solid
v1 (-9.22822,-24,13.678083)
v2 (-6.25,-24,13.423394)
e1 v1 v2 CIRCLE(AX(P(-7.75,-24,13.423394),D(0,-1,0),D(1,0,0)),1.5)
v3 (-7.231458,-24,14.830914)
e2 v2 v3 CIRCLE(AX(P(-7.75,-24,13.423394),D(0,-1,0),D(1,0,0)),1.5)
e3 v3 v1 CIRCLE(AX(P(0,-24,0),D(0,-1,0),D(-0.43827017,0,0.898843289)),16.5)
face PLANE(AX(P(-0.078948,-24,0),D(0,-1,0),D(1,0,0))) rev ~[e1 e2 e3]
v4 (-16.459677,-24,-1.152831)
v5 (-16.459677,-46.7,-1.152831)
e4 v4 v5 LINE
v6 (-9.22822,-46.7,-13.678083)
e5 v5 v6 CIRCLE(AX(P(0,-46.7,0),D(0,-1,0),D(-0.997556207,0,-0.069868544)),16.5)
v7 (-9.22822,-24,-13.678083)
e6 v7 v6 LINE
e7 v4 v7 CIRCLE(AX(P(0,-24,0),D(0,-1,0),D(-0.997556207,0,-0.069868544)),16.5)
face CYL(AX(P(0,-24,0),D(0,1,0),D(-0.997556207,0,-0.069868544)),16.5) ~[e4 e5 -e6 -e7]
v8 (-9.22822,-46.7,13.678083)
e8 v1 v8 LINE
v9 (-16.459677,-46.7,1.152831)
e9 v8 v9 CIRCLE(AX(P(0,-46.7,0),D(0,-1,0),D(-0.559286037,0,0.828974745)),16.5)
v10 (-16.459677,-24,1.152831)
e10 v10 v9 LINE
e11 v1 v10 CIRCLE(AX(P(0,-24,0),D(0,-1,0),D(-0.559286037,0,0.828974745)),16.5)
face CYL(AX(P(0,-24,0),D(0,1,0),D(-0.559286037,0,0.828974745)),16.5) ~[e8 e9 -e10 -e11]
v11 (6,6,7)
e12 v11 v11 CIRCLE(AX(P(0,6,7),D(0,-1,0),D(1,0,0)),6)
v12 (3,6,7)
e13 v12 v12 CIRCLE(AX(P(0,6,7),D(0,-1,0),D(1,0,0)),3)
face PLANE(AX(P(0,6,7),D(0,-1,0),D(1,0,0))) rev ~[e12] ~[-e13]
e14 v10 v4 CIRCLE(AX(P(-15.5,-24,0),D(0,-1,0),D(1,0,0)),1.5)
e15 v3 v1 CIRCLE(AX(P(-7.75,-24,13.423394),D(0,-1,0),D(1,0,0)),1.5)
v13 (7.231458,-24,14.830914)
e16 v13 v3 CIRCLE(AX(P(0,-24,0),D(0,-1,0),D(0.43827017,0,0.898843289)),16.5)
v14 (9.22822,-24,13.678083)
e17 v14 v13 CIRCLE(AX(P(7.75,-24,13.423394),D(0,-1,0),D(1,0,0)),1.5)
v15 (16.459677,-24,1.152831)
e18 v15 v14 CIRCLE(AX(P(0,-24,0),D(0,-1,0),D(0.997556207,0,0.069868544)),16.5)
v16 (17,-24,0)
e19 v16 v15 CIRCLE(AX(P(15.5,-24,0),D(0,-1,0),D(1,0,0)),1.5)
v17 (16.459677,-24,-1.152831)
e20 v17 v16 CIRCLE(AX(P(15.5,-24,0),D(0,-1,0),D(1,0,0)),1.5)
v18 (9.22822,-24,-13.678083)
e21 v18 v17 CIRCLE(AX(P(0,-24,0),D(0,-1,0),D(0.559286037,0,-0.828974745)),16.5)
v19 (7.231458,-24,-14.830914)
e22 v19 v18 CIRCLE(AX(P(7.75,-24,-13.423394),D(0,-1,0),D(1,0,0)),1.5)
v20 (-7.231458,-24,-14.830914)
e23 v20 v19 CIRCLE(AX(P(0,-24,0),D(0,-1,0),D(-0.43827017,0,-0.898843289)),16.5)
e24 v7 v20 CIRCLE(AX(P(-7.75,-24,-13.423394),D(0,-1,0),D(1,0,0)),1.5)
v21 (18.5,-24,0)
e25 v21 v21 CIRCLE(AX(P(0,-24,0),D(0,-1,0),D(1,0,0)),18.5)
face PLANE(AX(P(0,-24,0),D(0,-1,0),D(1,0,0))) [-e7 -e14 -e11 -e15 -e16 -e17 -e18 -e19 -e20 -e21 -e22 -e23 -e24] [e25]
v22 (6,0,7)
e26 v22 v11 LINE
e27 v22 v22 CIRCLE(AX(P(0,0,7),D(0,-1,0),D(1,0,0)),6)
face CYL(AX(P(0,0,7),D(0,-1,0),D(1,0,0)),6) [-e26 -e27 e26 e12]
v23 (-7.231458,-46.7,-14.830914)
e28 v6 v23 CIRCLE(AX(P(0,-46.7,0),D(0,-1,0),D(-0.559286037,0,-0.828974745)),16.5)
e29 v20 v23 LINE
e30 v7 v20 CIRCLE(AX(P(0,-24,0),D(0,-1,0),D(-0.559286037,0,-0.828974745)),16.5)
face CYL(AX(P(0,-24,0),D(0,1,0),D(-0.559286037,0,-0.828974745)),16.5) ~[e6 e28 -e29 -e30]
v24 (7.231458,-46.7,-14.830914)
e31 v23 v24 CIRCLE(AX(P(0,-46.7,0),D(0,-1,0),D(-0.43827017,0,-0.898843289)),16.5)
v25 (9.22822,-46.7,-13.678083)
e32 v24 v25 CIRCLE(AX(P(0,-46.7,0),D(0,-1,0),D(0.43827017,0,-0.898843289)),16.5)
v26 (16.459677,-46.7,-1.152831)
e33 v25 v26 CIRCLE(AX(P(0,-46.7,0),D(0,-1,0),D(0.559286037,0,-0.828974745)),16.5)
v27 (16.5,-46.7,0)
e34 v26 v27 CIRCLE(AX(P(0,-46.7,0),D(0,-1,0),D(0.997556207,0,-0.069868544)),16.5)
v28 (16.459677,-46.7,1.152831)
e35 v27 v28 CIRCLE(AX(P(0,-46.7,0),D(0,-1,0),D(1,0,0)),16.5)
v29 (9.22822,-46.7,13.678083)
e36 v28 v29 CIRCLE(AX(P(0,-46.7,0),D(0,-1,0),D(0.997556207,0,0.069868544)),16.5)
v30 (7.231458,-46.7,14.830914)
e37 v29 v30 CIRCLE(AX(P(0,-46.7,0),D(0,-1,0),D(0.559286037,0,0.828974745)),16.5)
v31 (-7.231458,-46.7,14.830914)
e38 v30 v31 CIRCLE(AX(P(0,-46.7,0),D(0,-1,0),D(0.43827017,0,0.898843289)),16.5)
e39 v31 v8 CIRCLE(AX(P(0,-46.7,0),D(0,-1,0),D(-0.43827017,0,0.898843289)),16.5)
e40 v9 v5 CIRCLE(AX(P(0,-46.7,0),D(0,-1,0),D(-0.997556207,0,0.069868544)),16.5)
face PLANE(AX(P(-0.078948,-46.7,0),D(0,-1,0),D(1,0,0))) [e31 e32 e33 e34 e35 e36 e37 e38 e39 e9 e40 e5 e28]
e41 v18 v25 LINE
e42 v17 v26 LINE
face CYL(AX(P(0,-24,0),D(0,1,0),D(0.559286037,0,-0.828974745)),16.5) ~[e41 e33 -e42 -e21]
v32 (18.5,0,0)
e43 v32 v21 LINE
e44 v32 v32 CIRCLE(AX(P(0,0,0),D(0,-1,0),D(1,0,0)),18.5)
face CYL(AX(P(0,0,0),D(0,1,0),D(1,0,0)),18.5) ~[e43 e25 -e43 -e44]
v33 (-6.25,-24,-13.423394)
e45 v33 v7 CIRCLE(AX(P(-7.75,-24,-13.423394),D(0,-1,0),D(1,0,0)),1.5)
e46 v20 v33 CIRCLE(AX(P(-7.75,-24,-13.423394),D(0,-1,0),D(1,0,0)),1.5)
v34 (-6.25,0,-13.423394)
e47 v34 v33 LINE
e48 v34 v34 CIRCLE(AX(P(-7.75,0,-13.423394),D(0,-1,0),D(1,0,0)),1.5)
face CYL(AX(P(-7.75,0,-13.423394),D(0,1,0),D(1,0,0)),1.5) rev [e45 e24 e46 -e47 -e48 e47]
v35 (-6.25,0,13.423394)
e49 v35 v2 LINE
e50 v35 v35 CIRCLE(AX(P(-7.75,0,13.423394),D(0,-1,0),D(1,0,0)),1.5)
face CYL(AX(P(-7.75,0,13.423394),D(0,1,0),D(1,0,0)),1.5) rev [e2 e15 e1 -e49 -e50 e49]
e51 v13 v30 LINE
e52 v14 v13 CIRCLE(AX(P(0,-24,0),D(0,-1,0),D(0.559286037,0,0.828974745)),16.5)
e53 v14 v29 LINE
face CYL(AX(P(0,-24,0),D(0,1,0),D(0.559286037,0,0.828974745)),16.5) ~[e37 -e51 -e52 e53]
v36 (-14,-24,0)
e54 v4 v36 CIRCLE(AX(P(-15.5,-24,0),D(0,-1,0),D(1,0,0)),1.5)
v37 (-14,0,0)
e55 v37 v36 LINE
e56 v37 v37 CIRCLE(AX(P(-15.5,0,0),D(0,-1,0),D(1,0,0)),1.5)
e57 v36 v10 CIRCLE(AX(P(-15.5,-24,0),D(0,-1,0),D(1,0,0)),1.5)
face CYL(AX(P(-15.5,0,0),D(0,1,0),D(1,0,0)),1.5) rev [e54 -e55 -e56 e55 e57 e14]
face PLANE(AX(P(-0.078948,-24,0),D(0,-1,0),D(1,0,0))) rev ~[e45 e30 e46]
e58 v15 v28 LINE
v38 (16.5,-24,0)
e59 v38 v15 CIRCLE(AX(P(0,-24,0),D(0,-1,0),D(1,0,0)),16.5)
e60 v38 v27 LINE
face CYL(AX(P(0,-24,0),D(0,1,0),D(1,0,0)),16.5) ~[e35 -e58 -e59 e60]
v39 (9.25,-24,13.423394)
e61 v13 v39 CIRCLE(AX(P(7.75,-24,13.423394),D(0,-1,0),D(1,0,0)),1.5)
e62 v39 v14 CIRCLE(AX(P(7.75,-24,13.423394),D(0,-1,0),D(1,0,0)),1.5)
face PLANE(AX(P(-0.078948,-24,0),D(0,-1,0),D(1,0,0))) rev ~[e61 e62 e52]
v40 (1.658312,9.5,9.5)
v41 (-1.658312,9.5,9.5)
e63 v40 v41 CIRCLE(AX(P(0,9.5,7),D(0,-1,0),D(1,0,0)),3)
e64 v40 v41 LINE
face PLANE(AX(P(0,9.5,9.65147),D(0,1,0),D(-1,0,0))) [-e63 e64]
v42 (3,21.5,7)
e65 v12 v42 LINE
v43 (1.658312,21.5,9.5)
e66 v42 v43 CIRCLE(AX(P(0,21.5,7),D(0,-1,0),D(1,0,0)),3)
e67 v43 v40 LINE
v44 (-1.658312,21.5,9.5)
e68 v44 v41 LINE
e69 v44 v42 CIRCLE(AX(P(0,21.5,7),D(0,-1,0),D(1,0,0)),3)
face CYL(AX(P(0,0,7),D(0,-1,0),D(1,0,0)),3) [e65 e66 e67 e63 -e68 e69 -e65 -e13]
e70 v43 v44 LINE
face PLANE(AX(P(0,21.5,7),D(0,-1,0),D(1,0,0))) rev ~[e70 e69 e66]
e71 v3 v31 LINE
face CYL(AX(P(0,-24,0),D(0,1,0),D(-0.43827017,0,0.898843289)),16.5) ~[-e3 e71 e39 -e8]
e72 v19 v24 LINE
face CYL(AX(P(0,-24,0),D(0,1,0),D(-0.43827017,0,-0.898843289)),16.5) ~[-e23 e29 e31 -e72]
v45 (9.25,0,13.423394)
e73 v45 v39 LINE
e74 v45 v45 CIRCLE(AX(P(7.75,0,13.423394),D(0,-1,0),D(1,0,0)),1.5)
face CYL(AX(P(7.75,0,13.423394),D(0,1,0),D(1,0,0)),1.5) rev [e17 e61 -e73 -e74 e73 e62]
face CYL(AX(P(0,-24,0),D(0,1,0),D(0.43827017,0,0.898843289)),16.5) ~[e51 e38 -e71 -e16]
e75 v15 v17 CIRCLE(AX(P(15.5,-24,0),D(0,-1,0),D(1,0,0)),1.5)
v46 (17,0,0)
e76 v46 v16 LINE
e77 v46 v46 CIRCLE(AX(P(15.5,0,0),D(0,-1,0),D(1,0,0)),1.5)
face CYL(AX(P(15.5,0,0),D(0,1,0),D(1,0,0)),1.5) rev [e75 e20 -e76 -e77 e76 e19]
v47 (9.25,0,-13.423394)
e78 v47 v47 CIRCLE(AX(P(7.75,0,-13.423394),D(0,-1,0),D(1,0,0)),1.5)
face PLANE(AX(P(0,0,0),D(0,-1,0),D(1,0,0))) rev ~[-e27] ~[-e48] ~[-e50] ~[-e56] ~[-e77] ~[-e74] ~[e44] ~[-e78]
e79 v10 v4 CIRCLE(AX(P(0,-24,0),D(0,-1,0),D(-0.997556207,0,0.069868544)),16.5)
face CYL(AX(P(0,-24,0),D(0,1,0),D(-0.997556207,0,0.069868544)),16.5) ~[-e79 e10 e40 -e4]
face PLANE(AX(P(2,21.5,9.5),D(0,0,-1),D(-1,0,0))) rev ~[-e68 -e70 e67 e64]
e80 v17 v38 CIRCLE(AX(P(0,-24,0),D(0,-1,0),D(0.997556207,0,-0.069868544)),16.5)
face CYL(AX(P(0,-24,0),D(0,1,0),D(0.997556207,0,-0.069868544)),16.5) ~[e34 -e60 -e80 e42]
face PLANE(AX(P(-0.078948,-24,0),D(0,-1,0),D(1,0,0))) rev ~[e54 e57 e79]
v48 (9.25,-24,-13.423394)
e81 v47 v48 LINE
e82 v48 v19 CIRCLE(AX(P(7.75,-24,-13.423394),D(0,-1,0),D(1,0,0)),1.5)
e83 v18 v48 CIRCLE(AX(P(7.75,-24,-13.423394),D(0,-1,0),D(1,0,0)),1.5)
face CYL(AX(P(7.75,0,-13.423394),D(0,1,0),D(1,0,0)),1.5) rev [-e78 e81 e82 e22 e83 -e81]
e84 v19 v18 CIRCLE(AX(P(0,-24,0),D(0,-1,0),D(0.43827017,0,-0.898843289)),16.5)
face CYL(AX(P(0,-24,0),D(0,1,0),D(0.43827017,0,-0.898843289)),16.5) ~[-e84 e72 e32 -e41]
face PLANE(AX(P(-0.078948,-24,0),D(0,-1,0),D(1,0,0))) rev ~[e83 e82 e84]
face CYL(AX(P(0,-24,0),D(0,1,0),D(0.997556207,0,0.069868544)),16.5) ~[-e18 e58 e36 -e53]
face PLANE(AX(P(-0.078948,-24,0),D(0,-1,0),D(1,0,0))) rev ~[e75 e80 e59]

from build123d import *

# Parameters (mm, degrees)
F0_R     = 18.5
F0_R_2   = 1.5
F0_R_3   = 6
F0_R_4   = 3
F1_DEPTH = 24
F2_DEPTH = 21.5
F3_DEPTH = 6
F5_DEPTH = 12
F7_DEPTH = 22.7


with BuildPart() as f1:
    # F0 (on Front) → F1 (new body)
    with BuildSketch(Plane.XZ):
        Circle(F0_R)
        with Locations((-7.75, -13.4233937587)):
            Circle(F0_R_2, mode=Mode.SUBTRACT)
        with Locations((7.75, -13.4233937587)):
            Circle(F0_R_2, mode=Mode.SUBTRACT)
        with Locations((-15.5, 0)):
            Circle(F0_R_2, mode=Mode.SUBTRACT)
        with Locations((-7.75, 13.4233937587)):
            Circle(F0_R_2, mode=Mode.SUBTRACT)
        with Locations((0, 7)):
            Circle(F0_R_3, mode=Mode.SUBTRACT)
        with Locations((15.5, 0)):
            Circle(F0_R_2, mode=Mode.SUBTRACT)
        with Locations((7.75, 13.4233937587)):
            Circle(F0_R_2, mode=Mode.SUBTRACT)
        with Locations((0, 7)):
            Circle(F0_R_3)
        with Locations((0, 7)):
            Circle(F0_R_4, mode=Mode.SUBTRACT)
        with Locations((0, 7)):
            Circle(F0_R_4)
    extrude(amount=F1_DEPTH)

    # F0 (on Front) → F2 (join)
    with BuildSketch(Plane.XZ):
        with Locations((0, 7)):
            Circle(F0_R_4)
    extrude(amount=-F2_DEPTH)

    # F0 (on Front) → F3 (join)
    with BuildSketch(Plane.XZ):
        with Locations((0, 7)):
            Circle(F0_R_3)
        with Locations((0, 7)):
            Circle(F0_R_4, mode=Mode.SUBTRACT)
    extrude(amount=-F3_DEPTH)

    # F4 (on face) → F5 (cut)
    with BuildSketch(Plane(origin=(0, 21.5, 0), x_dir=(-1, 0, 0), z_dir=(0, 1, 0))):
        with BuildLine():
            ThreePointArc((1.6583123952, 9.5), (0, 10), (-1.6583123952, 9.5))
            Line((-1.6583123952, 9.5), (1.6583123952, 9.5))
        make_face()
        with BuildLine():
            Line((-2, 10.5), (-2, 9.5))
            Line((-2, 9.5), (-1.6583123952, 9.5))
            ThreePointArc((-1.6583123952, 9.5), (0, 10), (1.6583123952, 9.5))
            Line((1.6583123952, 9.5), (2, 9.5))
            Line((2, 9.5), (2, 10.5))
            Line((2, 10.5), (-2, 10.5))
        make_face()
    extrude(amount=-F5_DEPTH, mode=Mode.SUBTRACT)

    # F6 (on face) → F7 (join)
    with BuildSketch(Plane.XZ.offset(24)):
        with BuildLine():
            ThreePointArc((16.4596774194, -1.1528309723), (14, 0), (16.4596774194, 1.1528309723))
            ThreePointArc((16.4596774194, 1.1528309723), (14.2894191624, 8.25), (9.228219618, 13.6780832971))
            ThreePointArc((9.228219618, 13.6780832971), (9.2445449854, 13.5512033299), (9.25, 13.4233937587))
            ThreePointArc((9.25, 13.4233937587), (6.8920411717, 12.1929846198), (7.2314578014, 14.8309142694))
            ThreePointArc((7.2314578014, 14.8309142694), (0, 16.5), (-7.2314578014, 14.8309142694))
            ThreePointArc((-7.2314578014, 14.8309142694), (-6.5195908611, 14.2813525869), (-6.25, 13.4233937587))
            ThreePointArc((-6.25, 13.4233937587), (-7.8778095713, 11.9288487732), (-9.228219618, 13.6780832971))
            ThreePointArc((-9.228219618, 13.6780832971), (-14.2894191624, 8.25), (-16.4596774194, 1.1528309723))
            ThreePointArc((-16.4596774194, 1.1528309723), (-14.8634138428, 1.3582187101), (-14, 0))
            ThreePointArc((-14, 0), (-14.8634138428, -1.3582187101), (-16.4596774194, -1.1528309723))
            ThreePointArc((-16.4596774194, -1.1528309723), (-14.2894191624, -8.25), (-9.228219618, -13.6780832971))
            ThreePointArc((-9.228219618, -13.6780832971), (-7.8778095713, -11.9288487732), (-6.25, -13.4233937587))
            ThreePointArc((-6.25, -13.4233937587), (-6.5195908611, -14.2813525869), (-7.2314578014, -14.8309142694))
            ThreePointArc((-7.2314578014, -14.8309142694), (0, -16.5), (7.2314578014, -14.8309142694))
            ThreePointArc((7.2314578014, -14.8309142694), (6.8920411717, -12.1929846198), (9.25, -13.4233937587))
            ThreePointArc((9.25, -13.4233937587), (9.2445449854, -13.5512033299), (9.228219618, -13.6780832971))
            ThreePointArc((9.228219618, -13.6780832971), (14.2894191624, -8.25), (16.4596774194, -1.1528309723))
        make_face()
        with BuildLine():
            ThreePointArc((9.25, 13.4233937587), (9.2445449854, 13.5512033299), (9.228219618, 13.6780832971))
            ThreePointArc((9.228219618, 13.6780832971), (8.25, 14.2894191624), (7.2314578014, 14.8309142694))
            ThreePointArc((7.2314578014, 14.8309142694), (6.8920411717, 12.1929846198), (9.25, 13.4233937587))
        make_face()
        with BuildLine():
            ThreePointArc((-6.25, 13.4233937587), (-6.5195908611, 14.2813525869), (-7.2314578014, 14.8309142694))
            ThreePointArc((-7.2314578014, 14.8309142694), (-8.25, 14.2894191624), (-9.228219618, 13.6780832971))
            ThreePointArc((-9.228219618, 13.6780832971), (-7.8778095713, 11.9288487732), (-6.25, 13.4233937587))
        make_face()
        with BuildLine():
            ThreePointArc((16.4596774194, -1.1528309723), (16.4899162736, -0.5767679692), (16.5, 0))
            ThreePointArc((16.5, 0), (16.4899162736, 0.5767679692), (16.4596774194, 1.1528309723))
            ThreePointArc((16.4596774194, 1.1528309723), (14, 0), (16.4596774194, -1.1528309723))
        make_face()
        with BuildLine():
            ThreePointArc((-14, 0), (-14.8634138428, 1.3582187101), (-16.4596774194, 1.1528309723))
            ThreePointArc((-16.4596774194, 1.1528309723), (-16.5, 0), (-16.4596774194, -1.1528309723))
            ThreePointArc((-16.4596774194, -1.1528309723), (-14.8634138428, -1.3582187101), (-14, 0))
        make_face()
        with BuildLine():
            ThreePointArc((-9.228219618, -13.6780832971), (-8.25, -14.2894191624), (-7.2314578014, -14.8309142694))
            ThreePointArc((-7.2314578014, -14.8309142694), (-6.5195908611, -14.2813525869), (-6.25, -13.4233937587))
            ThreePointArc((-6.25, -13.4233937587), (-7.8778095713, -11.9288487732), (-9.228219618, -13.6780832971))
        make_face()
        with BuildLine():
            ThreePointArc((7.2314578014, -14.8309142694), (8.25, -14.2894191624), (9.228219618, -13.6780832971))
            ThreePointArc((9.228219618, -13.6780832971), (9.2445449854, -13.5512033299), (9.25, -13.4233937587))
            ThreePointArc((9.25, -13.4233937587), (6.8920411717, -12.1929846198), (7.2314578014, -14.8309142694))
        make_face()
    extrude(amount=F7_DEPTH)


solid = f1.part
